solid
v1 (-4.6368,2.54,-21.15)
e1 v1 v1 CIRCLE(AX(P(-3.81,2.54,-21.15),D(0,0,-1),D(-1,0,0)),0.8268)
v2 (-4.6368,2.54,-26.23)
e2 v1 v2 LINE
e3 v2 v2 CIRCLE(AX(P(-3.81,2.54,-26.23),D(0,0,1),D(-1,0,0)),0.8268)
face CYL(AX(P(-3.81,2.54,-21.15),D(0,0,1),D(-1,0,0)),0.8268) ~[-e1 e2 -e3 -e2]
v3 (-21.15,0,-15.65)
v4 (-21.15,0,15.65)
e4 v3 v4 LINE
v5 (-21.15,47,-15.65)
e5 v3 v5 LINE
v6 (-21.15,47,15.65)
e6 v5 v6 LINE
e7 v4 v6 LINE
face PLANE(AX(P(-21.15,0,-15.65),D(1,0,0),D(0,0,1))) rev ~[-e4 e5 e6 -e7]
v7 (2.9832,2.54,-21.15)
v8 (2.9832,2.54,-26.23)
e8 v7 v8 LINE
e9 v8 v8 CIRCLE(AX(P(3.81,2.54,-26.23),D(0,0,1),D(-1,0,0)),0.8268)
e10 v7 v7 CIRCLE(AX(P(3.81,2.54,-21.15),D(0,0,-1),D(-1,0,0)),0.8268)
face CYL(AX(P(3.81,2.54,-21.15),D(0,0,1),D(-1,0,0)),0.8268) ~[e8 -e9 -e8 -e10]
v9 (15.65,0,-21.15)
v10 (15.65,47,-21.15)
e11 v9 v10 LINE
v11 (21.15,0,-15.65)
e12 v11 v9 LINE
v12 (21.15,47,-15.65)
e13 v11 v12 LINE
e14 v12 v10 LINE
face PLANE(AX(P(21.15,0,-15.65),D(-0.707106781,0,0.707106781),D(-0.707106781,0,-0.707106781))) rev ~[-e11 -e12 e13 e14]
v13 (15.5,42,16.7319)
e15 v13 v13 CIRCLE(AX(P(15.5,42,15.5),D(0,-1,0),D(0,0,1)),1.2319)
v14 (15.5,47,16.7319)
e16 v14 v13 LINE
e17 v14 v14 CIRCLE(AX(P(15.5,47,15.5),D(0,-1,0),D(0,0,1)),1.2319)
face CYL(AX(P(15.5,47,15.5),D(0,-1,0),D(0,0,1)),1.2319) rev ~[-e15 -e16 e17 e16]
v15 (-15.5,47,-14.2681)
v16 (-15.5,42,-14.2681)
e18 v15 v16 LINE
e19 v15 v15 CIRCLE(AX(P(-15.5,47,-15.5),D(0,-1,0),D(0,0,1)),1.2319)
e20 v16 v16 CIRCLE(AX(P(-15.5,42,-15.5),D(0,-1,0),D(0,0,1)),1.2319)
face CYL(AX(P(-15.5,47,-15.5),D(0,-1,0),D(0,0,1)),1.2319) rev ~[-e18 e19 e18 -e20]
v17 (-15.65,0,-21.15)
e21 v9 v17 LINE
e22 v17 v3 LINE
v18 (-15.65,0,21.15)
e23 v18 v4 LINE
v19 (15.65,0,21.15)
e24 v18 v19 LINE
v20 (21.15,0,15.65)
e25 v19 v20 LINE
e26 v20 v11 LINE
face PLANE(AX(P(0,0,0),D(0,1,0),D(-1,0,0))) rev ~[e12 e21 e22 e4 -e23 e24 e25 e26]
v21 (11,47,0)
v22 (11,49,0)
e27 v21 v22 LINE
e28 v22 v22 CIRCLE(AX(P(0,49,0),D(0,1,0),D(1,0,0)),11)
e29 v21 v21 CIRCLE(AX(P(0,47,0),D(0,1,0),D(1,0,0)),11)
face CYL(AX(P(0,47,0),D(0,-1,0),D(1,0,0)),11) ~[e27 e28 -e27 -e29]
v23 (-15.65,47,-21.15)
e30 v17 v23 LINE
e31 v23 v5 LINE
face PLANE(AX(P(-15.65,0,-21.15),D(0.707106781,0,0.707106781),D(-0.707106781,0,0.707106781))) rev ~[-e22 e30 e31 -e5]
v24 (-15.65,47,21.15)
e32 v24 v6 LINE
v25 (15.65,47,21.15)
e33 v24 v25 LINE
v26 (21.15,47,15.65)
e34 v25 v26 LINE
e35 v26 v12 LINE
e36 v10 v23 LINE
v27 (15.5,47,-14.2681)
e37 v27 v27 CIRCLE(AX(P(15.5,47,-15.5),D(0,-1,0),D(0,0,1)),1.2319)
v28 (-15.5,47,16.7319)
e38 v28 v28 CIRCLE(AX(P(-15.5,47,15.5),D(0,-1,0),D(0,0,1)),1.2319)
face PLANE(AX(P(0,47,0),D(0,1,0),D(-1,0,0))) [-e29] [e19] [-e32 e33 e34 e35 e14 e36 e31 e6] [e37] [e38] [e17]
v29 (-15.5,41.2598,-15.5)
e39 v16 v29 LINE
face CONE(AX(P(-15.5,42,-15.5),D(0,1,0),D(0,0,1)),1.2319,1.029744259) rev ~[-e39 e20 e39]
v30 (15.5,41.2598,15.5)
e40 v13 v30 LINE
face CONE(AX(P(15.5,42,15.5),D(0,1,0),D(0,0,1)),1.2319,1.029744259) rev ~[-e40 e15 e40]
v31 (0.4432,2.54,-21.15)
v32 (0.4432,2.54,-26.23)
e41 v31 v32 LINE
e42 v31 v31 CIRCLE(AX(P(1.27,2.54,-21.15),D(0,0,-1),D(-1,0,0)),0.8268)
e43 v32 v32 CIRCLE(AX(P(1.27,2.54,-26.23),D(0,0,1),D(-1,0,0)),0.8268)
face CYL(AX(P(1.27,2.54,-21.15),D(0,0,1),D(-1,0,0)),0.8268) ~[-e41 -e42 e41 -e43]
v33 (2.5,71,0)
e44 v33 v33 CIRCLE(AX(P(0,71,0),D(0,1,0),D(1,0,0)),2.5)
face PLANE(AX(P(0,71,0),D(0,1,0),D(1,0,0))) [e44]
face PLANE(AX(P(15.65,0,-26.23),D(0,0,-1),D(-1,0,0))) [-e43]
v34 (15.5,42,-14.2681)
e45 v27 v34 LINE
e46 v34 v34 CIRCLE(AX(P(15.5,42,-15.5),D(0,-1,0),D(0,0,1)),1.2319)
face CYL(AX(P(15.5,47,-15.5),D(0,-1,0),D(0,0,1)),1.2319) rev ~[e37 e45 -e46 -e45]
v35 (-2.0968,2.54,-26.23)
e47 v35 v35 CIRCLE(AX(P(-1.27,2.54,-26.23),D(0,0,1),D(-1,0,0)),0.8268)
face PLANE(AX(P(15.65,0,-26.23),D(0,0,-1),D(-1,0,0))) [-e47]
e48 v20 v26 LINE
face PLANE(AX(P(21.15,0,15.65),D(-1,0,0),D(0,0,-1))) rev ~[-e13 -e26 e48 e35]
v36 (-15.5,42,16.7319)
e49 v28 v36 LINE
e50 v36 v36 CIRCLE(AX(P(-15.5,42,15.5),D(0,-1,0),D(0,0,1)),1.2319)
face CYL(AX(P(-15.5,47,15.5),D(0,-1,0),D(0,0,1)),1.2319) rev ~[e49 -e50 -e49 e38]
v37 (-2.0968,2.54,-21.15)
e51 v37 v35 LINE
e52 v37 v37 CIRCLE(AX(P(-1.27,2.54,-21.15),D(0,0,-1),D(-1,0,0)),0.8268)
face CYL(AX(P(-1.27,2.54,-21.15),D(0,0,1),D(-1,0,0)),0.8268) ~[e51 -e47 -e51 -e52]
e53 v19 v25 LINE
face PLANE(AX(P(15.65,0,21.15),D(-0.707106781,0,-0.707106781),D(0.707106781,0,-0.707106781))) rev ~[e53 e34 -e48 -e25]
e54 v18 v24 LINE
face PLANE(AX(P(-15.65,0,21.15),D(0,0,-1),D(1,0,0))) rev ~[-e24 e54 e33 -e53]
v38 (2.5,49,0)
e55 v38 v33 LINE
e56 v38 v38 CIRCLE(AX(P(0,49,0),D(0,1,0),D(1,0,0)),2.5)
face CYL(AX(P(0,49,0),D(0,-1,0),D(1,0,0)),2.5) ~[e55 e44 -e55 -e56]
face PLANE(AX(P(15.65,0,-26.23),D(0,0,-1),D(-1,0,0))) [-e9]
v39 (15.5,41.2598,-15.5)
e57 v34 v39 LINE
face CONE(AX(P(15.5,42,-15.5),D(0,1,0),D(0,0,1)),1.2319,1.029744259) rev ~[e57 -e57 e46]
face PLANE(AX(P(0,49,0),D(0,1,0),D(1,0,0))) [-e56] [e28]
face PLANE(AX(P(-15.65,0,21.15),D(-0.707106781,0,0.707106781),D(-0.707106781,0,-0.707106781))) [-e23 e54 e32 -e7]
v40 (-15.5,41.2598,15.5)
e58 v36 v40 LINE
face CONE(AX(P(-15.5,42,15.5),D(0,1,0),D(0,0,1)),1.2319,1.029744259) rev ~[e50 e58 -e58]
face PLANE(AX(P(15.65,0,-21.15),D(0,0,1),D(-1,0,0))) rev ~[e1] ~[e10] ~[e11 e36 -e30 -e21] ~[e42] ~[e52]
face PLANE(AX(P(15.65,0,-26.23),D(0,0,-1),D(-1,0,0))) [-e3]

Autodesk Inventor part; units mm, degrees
ref_plane "YZ Plane" through (0, 0, 0) normal (1, 0, 0) x (0, 1, 0)
ref_plane "XZ Plane" through (0, 0, 0) normal (0, 1, 0) x (-1, 0, 0)
ref_plane "XY Plane" through (0, 0, 0) normal (0, 0, 1) x (1, 0, 0)
sketch "Sketch1" plane through (0, 0, 0) normal (0, 1, 0) x (-1, 0, 0)
  line L0 (-15.65, -21.15) -> (15.65, -21.15)
  line L1 (21.15, -15.65) -> (21.15, 15.65)
  line L2 (15.65, 21.15) -> (-15.65, 21.15)
  line L3 (-21.15, 15.65) -> (-21.15, -15.65)
  line L4 (-21.15, -21.15) -> (21.15, 21.15) construction
  line L5 (21.15, -21.15) -> (-21.15, 21.15) construction
  line L6 (15.65, 21.15) -> (21.15, 15.65)
  line L7 (-15.65, 21.15) -> (-21.15, 15.65)
  line L8 (-21.15, -15.65) -> (-15.65, -21.15)
  line L9 (15.65, -21.15) -> (21.15, -15.65)
  point P0 (0, 0)
  dimension "d0" = 42.3
  dimension "d1" = 42.3
  dimension "d2" = 5.5
  dimension "d3" = 5.5
  dimension "d4" = 5.5
  dimension "d5" = 5.5
  dimension "d6" = 5.5
  dimension "d7" = 5.5
  dimension "d8" = 5.5
  dimension "d9" = 5.5
extrude "Extrusion1" add sketch "Sketch1" along normal blind 47
sketch "Sketch2" plane through (0, 47, 0) normal (0, 1, 0) x (1, 0, 0)
  circle A0 centre (0, 0) radius 11
  dimension "d12" = 22
extrude "Extrusion2" add sketch "Sketch2" along normal blind 2
sketch "Sketch3" plane through (0, 49, 0) normal (0, 1, 0) x (1, 0, 0)
  circle A0 centre (0, 0) radius 2.5
  dimension "d15" = 5
extrude "Extrusion3" add sketch "Sketch3" along normal blind 22
sketch "Sketch4" plane through (0, 47, 0) normal (0, 1, 0) x (1, 0, 0)
  line L0 (89.125, 0) -> (-55.025, 0)
  line L1 (0, 94.2917) -> (0, -108.2417)
  point P0 (0, 0)
  point P1 (15.5, 15.5)
  point P2 (15.5, -15.5)
  point P3 (-15.5, 15.5)
  point P4 (-15.5, -15.5)
  dimension "d18" = 31
  dimension "d19" = 31
hole "Hole1" at (15.5, 47, -15.5) at (15.5, 47, 15.5) at (-15.5, 47, -15.5) at (-15.5, 47, 15.5) direction (0, -1, 0) diameter 2.4638 depth 5 tip angle 118
sketch "Sketch6" plane through (15.65, 0, -21.15) normal (0, 0, -1) x (-1, 0, 0)
  line L0 (15.65, -0.9377) -> (15.65, 31.0797)
  line L1 (31.3, 0) -> (0, 0) projected
  circle A0 centre (11.84, 2.54) radius 0.8268
  circle A1 centre (14.38, 2.54) radius 0.8268
  line L2 (6.0146, 2.54) -> (34.3637, 2.54)
  circle A2 centre (19.46, 2.54) radius 0.8268
  circle A3 centre (16.92, 2.54) radius 0.8268
  point P0 (15.65, 0)
  point P1 (15.65, 0)
  dimension "d31" = 2.54
  dimension "d32" = 2.54
  dimension "d33" = 1.6536
  dimension "d34" = 1.6536
  dimension "d36" = 2.54
extrude "Extrusion6" add sketch "Sketch6" along normal blind 5.08
equation "\"d1\" = d0"
equation "\"d3\" = d2"
equation "\"d4\" = d2"
equation "\"d5\" = d4"
equation "\"d6\" = d2"
equation "\"d7\" = d6"
equation "\"d8\" = d2"
equation "\"d9\" = d8"
equation "\"d32\" = d31"
equation "\"d34\" = d33"
properties part number "Stepper_Motor"
